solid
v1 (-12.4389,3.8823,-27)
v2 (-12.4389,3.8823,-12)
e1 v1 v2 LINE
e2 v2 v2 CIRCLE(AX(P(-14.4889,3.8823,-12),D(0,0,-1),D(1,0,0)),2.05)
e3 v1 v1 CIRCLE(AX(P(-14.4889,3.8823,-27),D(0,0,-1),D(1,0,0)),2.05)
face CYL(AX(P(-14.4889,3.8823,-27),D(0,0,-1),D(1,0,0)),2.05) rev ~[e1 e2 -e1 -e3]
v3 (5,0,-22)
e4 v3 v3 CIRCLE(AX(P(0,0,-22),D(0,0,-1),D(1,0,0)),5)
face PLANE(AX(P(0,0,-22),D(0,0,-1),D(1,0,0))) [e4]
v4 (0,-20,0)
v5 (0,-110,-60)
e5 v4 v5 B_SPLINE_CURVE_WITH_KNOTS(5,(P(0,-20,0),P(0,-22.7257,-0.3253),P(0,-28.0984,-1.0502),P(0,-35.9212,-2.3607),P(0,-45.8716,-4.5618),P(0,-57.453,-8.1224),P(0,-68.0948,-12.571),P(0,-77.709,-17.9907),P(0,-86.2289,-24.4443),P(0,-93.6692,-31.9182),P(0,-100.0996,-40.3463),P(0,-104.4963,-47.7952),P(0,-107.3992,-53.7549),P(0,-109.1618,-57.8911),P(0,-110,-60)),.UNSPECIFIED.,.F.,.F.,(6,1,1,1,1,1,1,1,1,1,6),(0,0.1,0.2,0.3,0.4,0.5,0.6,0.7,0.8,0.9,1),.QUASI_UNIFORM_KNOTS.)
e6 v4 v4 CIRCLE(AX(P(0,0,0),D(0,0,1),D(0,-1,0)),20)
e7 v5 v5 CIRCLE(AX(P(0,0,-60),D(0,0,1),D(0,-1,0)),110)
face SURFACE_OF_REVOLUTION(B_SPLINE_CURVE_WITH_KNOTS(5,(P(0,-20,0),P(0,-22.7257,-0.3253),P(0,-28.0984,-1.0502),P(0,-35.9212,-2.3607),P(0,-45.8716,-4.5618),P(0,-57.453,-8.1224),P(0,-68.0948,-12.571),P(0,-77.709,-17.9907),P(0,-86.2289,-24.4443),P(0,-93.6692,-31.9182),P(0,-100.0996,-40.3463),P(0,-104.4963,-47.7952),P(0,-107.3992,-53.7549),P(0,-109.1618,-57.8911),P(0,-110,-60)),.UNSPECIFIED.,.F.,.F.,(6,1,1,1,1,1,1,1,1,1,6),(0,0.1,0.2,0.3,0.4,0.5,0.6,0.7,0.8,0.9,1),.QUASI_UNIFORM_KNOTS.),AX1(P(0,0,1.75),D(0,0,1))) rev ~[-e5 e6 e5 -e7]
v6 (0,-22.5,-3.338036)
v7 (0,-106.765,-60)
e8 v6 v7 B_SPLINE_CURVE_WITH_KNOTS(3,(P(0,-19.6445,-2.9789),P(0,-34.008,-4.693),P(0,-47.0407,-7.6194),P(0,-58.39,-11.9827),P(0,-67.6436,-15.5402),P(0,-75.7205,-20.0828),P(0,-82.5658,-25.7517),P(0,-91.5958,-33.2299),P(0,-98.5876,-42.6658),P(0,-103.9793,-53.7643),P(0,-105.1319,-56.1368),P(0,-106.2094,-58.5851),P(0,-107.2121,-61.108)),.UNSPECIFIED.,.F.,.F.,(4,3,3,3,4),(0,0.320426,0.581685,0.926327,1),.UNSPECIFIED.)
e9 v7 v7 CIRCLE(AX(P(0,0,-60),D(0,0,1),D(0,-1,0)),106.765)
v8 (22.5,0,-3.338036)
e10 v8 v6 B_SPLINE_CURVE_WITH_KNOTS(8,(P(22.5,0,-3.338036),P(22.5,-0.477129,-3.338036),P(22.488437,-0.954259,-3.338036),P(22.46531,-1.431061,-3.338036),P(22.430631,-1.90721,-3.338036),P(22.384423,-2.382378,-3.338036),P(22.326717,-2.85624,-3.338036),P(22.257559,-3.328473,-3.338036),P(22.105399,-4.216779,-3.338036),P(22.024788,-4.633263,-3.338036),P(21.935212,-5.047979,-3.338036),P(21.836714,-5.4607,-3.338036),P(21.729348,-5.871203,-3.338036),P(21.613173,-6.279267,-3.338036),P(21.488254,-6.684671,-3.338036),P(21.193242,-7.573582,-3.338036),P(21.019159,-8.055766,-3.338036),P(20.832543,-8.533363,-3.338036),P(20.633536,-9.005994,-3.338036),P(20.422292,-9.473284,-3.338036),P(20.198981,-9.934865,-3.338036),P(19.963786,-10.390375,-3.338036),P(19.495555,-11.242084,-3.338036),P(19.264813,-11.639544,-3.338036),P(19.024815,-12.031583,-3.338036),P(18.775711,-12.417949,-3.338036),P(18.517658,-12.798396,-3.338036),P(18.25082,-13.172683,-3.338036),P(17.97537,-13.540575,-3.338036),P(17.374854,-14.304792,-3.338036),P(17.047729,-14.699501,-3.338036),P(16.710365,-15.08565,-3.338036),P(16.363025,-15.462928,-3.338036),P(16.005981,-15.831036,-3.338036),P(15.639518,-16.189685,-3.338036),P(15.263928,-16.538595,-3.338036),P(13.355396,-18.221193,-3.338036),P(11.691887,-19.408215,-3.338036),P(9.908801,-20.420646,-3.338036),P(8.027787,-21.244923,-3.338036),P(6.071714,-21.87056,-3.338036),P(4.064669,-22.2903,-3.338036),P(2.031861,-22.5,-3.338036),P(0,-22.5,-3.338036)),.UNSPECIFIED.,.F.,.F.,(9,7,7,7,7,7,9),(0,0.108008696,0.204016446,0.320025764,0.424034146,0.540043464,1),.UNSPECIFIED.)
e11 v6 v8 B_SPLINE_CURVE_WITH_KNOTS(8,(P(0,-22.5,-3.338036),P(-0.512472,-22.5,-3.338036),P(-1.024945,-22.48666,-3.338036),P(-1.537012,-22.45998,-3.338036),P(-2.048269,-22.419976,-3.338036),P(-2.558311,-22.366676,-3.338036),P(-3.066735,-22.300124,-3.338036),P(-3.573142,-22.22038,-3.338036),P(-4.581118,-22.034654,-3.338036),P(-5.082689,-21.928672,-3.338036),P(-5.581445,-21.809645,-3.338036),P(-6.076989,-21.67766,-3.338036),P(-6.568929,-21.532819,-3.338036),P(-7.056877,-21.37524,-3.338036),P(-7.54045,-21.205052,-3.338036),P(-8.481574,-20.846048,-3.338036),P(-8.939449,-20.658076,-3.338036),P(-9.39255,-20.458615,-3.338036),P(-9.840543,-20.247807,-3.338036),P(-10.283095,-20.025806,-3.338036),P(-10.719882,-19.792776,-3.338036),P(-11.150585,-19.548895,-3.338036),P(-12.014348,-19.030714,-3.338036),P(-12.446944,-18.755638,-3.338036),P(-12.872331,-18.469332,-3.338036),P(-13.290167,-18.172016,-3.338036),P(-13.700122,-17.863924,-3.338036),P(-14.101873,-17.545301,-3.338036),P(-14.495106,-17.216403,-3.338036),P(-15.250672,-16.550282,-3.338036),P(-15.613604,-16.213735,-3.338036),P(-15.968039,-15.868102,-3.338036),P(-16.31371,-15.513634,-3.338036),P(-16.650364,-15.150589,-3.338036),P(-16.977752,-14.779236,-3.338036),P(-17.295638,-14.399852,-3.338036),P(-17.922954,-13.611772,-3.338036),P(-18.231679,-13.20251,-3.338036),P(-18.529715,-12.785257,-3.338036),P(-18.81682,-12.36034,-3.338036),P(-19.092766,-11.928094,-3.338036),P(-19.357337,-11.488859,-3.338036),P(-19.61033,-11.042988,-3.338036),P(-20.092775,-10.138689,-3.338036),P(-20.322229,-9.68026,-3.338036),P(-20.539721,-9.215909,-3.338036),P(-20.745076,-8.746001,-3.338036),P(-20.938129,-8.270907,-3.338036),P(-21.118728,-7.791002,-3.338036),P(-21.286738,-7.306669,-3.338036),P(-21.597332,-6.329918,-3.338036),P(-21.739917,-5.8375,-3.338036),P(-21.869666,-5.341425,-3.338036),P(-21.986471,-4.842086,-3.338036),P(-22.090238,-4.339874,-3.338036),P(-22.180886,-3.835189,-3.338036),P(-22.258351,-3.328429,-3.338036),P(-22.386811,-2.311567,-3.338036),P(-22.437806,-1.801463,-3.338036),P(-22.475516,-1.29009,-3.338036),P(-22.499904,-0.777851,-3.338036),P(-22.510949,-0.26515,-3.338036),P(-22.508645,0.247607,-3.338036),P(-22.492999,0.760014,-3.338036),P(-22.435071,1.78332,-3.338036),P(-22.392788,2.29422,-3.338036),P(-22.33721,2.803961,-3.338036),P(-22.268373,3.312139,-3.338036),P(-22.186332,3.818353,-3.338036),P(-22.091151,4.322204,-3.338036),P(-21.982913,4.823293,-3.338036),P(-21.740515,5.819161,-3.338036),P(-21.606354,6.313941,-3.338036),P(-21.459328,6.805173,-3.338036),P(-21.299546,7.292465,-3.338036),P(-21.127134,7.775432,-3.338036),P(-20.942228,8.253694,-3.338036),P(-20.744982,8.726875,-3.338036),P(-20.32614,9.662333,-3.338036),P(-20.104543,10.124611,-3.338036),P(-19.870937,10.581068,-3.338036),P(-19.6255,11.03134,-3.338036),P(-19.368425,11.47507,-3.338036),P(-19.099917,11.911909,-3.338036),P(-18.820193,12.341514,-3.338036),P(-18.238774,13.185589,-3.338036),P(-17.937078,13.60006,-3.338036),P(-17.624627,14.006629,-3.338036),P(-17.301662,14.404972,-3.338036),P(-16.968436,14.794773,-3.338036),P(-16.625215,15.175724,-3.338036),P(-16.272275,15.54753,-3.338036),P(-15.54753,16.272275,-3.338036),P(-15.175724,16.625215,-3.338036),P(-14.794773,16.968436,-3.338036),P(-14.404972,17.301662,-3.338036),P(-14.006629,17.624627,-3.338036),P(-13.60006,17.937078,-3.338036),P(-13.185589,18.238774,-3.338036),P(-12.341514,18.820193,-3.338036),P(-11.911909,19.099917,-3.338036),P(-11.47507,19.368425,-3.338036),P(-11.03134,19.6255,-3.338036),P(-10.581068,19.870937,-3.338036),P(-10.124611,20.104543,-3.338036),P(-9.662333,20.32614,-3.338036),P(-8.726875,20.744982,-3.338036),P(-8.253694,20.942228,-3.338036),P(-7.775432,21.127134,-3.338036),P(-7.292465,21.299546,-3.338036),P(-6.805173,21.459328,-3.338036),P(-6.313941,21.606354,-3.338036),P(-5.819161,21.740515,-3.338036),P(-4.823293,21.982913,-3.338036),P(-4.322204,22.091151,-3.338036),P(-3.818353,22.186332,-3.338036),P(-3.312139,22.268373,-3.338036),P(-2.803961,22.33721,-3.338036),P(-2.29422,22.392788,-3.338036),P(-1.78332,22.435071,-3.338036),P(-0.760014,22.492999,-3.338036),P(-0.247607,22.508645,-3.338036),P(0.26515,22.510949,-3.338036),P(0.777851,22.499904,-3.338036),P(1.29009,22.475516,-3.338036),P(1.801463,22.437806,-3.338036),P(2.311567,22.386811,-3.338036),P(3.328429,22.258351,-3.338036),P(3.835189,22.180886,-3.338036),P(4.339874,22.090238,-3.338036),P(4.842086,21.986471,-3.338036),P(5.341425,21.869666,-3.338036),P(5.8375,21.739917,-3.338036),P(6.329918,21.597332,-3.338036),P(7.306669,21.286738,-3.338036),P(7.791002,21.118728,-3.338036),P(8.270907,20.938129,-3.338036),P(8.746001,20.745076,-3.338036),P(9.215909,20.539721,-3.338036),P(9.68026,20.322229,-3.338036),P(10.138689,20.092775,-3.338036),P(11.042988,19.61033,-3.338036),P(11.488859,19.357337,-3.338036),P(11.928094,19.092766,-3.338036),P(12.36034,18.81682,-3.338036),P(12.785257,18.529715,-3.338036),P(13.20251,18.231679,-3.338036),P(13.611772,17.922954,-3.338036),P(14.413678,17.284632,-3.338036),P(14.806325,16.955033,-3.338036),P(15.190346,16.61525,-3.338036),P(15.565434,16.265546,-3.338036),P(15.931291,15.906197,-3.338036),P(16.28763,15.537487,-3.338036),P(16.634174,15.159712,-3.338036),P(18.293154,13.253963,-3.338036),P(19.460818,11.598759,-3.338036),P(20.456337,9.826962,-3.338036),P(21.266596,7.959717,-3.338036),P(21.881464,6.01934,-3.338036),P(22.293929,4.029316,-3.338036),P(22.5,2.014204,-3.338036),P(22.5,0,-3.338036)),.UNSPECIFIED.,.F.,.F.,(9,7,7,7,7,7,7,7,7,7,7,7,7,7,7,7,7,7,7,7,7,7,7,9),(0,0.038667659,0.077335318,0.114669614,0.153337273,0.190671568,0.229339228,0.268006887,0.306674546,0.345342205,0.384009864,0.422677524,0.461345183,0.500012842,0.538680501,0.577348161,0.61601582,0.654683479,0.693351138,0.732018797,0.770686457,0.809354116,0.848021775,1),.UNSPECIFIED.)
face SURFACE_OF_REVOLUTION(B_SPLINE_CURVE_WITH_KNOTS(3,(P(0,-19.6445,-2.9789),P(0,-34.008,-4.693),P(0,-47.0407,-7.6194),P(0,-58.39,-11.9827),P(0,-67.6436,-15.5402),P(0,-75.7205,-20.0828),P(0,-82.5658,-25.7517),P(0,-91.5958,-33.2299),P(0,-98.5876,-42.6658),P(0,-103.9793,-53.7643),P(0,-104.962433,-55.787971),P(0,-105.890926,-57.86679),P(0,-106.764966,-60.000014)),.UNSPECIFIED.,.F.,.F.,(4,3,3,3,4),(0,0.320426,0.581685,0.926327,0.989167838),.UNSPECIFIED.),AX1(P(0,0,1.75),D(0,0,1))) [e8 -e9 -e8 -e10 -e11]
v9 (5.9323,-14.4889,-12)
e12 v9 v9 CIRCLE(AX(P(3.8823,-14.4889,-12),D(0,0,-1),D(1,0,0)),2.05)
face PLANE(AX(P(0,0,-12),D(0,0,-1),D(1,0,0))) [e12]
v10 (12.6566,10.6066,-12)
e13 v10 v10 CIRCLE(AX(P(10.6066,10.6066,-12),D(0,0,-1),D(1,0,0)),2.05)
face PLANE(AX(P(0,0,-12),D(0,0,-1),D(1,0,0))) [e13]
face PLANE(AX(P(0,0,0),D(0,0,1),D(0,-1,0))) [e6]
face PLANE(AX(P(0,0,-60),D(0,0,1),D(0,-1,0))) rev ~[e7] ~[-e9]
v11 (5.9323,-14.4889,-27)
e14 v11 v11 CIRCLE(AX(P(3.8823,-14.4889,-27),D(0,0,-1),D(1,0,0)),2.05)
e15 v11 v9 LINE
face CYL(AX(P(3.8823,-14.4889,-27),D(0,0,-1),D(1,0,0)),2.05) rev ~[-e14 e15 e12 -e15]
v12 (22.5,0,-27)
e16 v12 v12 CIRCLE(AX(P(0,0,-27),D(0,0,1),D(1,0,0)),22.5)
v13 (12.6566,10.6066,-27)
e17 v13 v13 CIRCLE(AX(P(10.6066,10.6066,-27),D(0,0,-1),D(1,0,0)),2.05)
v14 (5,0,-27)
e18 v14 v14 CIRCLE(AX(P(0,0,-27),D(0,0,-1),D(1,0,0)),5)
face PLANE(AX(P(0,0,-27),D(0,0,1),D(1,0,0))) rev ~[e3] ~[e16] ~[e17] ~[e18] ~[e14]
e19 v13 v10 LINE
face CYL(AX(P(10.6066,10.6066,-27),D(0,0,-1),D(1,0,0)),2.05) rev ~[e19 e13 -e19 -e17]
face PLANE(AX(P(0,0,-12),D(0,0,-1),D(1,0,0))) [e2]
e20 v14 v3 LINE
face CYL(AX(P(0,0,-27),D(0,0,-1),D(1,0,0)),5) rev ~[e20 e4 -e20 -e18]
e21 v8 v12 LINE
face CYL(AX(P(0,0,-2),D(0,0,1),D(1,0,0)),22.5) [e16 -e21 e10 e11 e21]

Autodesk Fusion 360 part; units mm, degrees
sketch "Sketch1" plane through (0, 0, 0) normal (1, 0, 0) x (0, 1, 0)
  spline S0 degree 5 poles (-20, 0) (-22.7257, -0.3253) (-28.0984, -1.0502) (-35.9212, -2.3607) (-45.8716, -4.5618) (-57.453, -8.1224) (-68.0948, -12.571) (-77.709, -17.9907) (-86.2289, -24.4443) (-93.6692, -31.9182) (-100.0996, -40.3463) (-104.4963, -47.7952) (-107.3992, -53.7549) (-109.1618, -57.8911) (-110, -60) knots 0 0 0 0 0 0 0.1 0.2 0.3 0.4 0.5 0.6 0.7 0.8 0.9 1 1 1 1 1 1
  spline S1 degree 3 poles (-19.6445, -2.9789) (-34.008, -4.693) (-47.0407, -7.6194) (-58.39, -11.9827) (-67.6436, -15.5402) (-75.7205, -20.0828) (-82.5658, -25.7517) (-91.5958, -33.2299) (-98.5876, -42.6658) (-103.9793, -53.7643) (-105.1319, -56.1368) (-106.2094, -58.5851) (-107.2121, -61.108) knots 0 0 0 0 0.320426 0.320426 0.320426 0.581685 0.581685 0.581685 0.926327 0.926327 0.926327 1 1 1 1
  line L0 (0, 0) -> (0, -2.9702)
  line L1 (-110, -60) -> (-106.765, -60)
  line L2 (-20, 0) -> (0, 0)
  line L3 (-19.6445, -2.9789) -> (0, -2.9702)
  point P0 (-80, -20)
  dimension "d1" = 110
  dimension "d2" = 60
  dimension "d3" = 80
  dimension "d4" = 20
  dimension "d5" = -3
  dimension "d18" = 20
revolve "Revolve1" add sketch "Sketch1" angle 360 about axis through (0, 0, 1.75) along (0, 0, 1)
ref_plane "WorkPlane1" through (0, 0, -2) normal (0, 0, 1) x (1, 0, 0)
sketch "Sketch2" plane through (0, 0, -2) normal (0, 0, 1) x (1, 0, 0)
  circle A0 centre (0, 0) radius 22.5
  dimension "d7" = 45
extrude "Extrude1" add sketch "Sketch2" against normal blind 25
sketch "Sketch3" plane through (0, 0, -27) normal (0, 0, -1) x (1, 0, 0)
  circle A0 centre (0, 0) radius 22.5
  circle A1 centre (10.6066, -10.6066) radius 2.05
  circle A2 centre (3.8823, 14.4889) radius 2.05
  circle A3 centre (-14.4889, -3.8823) radius 2.05
  line L0 (0, 0) -> (10.6066, -10.6066) construction
  dimension "d10" = 4.1
  dimension "d14" = 360
  dimension "d19" = 15
extrude "Extrude2" cut sketch "Sketch3" against normal blind 15 contours A1 | A2 | A3
sketch "Sketch4" plane through (0, 0, -27) normal (0, 0, -1) x (1, 0, 0)
  circle A0 centre (10.6066, -10.6066) radius 2.05
  circle A1 centre (-14.4889, -3.8823) radius 2.05
  circle A2 centre (3.8823, 14.4889) radius 2.05
  circle A3 centre (0, 0) radius 22.5
  circle A4 centre (0, 0) radius 5
  dimension "d20" = 10
extrude "Extrude3" cut sketch "Sketch4" against normal blind 5 contours A4
